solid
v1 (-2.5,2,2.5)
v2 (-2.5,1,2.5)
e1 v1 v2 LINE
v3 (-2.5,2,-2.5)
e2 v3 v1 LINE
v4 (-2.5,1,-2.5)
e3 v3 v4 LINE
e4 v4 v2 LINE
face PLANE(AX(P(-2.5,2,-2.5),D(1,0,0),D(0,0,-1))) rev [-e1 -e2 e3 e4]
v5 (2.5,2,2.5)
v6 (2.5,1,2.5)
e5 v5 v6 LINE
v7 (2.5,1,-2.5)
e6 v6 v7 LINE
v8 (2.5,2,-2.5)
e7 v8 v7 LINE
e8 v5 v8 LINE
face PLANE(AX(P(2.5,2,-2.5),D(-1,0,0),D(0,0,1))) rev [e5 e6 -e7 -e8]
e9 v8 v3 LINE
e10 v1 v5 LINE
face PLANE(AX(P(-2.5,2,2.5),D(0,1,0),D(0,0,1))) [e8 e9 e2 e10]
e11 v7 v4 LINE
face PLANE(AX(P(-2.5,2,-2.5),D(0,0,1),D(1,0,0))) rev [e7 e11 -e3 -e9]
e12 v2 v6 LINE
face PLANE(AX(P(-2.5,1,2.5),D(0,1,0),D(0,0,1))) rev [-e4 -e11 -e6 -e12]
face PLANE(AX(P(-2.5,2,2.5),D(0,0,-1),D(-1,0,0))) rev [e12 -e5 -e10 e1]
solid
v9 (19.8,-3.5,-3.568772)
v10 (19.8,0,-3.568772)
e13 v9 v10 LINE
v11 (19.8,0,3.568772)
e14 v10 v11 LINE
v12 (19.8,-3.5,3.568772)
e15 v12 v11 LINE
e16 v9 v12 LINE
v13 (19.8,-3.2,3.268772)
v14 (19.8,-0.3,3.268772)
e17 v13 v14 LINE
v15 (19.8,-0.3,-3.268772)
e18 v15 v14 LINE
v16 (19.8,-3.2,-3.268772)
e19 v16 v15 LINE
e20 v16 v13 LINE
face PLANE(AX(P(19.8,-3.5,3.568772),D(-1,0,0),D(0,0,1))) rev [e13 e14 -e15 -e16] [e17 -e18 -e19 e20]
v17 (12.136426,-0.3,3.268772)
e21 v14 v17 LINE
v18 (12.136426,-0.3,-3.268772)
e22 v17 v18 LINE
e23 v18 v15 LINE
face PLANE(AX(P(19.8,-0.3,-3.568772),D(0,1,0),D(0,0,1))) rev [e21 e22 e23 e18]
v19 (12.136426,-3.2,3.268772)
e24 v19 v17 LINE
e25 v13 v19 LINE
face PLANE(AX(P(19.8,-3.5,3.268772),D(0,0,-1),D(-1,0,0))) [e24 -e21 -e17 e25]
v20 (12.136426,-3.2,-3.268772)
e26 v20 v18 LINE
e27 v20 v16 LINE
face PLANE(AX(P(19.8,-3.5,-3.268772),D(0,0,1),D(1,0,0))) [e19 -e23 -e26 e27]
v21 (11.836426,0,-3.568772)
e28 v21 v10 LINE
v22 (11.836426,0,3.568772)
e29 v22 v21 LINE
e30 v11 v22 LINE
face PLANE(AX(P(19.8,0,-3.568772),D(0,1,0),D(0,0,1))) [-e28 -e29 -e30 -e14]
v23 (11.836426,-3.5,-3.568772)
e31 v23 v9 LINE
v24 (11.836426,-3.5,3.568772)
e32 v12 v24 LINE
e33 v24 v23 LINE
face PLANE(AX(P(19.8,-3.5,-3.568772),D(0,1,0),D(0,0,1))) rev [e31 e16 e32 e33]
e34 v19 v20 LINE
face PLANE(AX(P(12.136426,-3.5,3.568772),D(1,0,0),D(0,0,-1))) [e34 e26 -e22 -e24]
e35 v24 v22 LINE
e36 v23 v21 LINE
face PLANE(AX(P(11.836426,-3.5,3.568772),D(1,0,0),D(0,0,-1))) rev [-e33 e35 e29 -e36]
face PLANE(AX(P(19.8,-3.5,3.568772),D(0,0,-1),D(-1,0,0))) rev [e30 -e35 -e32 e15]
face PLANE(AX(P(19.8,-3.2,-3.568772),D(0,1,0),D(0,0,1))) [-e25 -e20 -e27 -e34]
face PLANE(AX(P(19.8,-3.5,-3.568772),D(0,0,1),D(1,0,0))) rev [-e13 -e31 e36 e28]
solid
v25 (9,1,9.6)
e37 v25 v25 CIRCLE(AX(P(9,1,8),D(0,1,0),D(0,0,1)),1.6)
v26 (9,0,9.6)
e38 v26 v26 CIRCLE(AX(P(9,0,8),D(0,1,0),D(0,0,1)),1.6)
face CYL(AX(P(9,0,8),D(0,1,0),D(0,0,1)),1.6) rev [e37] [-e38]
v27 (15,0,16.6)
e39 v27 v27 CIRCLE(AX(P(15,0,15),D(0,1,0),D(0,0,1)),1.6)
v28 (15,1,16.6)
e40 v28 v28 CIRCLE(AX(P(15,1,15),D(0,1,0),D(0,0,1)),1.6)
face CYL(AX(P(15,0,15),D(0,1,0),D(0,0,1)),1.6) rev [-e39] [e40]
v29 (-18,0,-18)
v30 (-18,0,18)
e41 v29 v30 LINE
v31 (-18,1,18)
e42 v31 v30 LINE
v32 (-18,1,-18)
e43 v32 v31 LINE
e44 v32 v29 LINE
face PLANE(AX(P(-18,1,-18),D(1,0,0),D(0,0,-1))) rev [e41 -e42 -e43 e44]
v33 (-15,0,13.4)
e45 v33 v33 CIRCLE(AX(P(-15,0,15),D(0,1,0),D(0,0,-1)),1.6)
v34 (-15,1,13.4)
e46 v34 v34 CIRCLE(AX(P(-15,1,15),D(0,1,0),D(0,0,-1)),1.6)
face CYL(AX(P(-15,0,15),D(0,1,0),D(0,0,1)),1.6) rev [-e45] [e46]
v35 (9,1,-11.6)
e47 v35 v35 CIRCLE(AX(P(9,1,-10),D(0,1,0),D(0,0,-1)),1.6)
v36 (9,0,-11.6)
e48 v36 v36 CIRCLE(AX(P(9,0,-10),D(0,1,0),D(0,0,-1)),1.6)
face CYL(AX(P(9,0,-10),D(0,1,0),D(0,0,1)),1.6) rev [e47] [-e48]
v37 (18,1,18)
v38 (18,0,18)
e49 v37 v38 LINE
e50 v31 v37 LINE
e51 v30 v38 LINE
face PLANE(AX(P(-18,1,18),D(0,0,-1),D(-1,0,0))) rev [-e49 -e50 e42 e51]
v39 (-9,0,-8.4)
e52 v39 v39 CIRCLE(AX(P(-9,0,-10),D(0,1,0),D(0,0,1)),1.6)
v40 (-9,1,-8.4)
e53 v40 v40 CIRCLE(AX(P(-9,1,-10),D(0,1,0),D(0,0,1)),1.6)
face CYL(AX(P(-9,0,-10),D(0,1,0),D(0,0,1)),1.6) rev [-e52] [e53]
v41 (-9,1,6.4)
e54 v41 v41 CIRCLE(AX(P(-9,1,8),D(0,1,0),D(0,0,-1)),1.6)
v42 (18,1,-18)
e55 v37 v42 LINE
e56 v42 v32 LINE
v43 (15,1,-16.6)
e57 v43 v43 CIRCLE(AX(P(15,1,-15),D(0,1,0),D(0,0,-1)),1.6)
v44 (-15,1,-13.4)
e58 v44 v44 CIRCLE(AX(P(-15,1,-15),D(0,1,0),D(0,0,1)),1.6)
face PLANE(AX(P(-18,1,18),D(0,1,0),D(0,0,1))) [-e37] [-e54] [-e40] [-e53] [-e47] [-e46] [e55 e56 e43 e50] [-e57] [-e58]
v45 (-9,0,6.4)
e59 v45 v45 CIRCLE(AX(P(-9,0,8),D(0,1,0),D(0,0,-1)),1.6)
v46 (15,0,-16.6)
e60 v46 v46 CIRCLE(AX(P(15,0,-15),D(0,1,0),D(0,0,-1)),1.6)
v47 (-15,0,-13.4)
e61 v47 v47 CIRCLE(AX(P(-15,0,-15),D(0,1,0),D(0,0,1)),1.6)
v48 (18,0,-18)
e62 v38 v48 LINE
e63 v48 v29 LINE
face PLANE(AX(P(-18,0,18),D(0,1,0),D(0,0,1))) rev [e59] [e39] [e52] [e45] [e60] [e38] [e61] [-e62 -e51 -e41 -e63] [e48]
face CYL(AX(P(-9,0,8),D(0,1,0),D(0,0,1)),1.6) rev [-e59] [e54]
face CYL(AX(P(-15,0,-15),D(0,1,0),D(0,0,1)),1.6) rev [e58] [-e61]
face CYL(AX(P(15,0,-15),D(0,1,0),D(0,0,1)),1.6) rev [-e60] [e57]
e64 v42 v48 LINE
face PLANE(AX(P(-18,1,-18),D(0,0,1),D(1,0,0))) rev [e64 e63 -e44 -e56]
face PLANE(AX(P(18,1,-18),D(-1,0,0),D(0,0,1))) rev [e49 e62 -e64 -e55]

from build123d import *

# Parameters (mm, degrees)
SKETCH1_W      = 36
SKETCH1_H      = 36
EXTRUDE1_DEPTH = 1
SKETCH2_R      = 1.6
EXTRUDE2_DEPTH = 26.475478406
SKETCH5_W      = 5
SKETCH5_H      = 5
EXTRUDE5_DEPTH = 1
SKETCH10_W     = 7.963574277
SKETCH10_H     = 7.13754315
EXTRUDE7_DEPTH = 3.5
SHELL1_T       = -0.3


with BuildPart() as part:
    # Sketch1 → Extrude1 (new body)
    with BuildSketch(Plane(origin=(0, 0, 0), x_dir=(1, 0, 0), z_dir=(0, 1, 0))):
        Rectangle(SKETCH1_W, SKETCH1_H)
    extrude(amount=EXTRUDE1_DEPTH)

    # Sketch2 → Extrude2 (cut, through all)
    with BuildSketch(Plane(origin=(0, 1, 0), x_dir=(1, 0, 0), z_dir=(0, 1, 0))):
        with Locations(Location((-15, 15, 0), (0, 0, 270))):
            Circle(SKETCH2_R)
        with Locations(Location((15, 15, 0), (0, 0, 90))):
            Circle(SKETCH2_R)
        with Locations(Location((15, -15, 0), (0, 0, 270))):
            Circle(SKETCH2_R)
        with Locations(Location((-15, -15, 0), (0, 0, 90))):
            Circle(SKETCH2_R)
        with Locations(Location((-9, 10, 0), (0, 0, 270))):
            Circle(SKETCH2_R)
        with Locations(Location((9, 10, 0), (0, 0, 90))):
            Circle(SKETCH2_R)
        with Locations(Location((9, -8, 0), (0, 0, 270))):
            Circle(SKETCH2_R)
        with Locations(Location((-9, -8, 0), (0, 0, 90))):
            Circle(SKETCH2_R)
    extrude(amount=-EXTRUDE2_DEPTH, mode=Mode.SUBTRACT)


with BuildPart() as body_2:
    # Sketch5 → Extrude5 (new body)
    with BuildSketch(Plane(origin=(0, 1, 0), x_dir=(1, 0, 0), z_dir=(0, 1, 0))):
        Rectangle(SKETCH5_W, SKETCH5_H)
    extrude(amount=EXTRUDE5_DEPTH)


with BuildPart() as body_3:
    # Sketch10 → Extrude7 (new body)
    with BuildSketch(Plane.XZ):
        with Locations((15.818212862, 0)):
            Rectangle(SKETCH10_W, SKETCH10_H)
    extrude(amount=EXTRUDE7_DEPTH)

    # Shell1
    shell1_openings = [body_3.faces().sort_by_distance(p)[0] for p in [
        (19.8, -1.75, 0),
    ]]
    offset(amount=SHELL1_T, openings=shell1_openings, kind=Kind.INTERSECTION)


solid = Compound([part.part, body_2.part, body_3.part])
